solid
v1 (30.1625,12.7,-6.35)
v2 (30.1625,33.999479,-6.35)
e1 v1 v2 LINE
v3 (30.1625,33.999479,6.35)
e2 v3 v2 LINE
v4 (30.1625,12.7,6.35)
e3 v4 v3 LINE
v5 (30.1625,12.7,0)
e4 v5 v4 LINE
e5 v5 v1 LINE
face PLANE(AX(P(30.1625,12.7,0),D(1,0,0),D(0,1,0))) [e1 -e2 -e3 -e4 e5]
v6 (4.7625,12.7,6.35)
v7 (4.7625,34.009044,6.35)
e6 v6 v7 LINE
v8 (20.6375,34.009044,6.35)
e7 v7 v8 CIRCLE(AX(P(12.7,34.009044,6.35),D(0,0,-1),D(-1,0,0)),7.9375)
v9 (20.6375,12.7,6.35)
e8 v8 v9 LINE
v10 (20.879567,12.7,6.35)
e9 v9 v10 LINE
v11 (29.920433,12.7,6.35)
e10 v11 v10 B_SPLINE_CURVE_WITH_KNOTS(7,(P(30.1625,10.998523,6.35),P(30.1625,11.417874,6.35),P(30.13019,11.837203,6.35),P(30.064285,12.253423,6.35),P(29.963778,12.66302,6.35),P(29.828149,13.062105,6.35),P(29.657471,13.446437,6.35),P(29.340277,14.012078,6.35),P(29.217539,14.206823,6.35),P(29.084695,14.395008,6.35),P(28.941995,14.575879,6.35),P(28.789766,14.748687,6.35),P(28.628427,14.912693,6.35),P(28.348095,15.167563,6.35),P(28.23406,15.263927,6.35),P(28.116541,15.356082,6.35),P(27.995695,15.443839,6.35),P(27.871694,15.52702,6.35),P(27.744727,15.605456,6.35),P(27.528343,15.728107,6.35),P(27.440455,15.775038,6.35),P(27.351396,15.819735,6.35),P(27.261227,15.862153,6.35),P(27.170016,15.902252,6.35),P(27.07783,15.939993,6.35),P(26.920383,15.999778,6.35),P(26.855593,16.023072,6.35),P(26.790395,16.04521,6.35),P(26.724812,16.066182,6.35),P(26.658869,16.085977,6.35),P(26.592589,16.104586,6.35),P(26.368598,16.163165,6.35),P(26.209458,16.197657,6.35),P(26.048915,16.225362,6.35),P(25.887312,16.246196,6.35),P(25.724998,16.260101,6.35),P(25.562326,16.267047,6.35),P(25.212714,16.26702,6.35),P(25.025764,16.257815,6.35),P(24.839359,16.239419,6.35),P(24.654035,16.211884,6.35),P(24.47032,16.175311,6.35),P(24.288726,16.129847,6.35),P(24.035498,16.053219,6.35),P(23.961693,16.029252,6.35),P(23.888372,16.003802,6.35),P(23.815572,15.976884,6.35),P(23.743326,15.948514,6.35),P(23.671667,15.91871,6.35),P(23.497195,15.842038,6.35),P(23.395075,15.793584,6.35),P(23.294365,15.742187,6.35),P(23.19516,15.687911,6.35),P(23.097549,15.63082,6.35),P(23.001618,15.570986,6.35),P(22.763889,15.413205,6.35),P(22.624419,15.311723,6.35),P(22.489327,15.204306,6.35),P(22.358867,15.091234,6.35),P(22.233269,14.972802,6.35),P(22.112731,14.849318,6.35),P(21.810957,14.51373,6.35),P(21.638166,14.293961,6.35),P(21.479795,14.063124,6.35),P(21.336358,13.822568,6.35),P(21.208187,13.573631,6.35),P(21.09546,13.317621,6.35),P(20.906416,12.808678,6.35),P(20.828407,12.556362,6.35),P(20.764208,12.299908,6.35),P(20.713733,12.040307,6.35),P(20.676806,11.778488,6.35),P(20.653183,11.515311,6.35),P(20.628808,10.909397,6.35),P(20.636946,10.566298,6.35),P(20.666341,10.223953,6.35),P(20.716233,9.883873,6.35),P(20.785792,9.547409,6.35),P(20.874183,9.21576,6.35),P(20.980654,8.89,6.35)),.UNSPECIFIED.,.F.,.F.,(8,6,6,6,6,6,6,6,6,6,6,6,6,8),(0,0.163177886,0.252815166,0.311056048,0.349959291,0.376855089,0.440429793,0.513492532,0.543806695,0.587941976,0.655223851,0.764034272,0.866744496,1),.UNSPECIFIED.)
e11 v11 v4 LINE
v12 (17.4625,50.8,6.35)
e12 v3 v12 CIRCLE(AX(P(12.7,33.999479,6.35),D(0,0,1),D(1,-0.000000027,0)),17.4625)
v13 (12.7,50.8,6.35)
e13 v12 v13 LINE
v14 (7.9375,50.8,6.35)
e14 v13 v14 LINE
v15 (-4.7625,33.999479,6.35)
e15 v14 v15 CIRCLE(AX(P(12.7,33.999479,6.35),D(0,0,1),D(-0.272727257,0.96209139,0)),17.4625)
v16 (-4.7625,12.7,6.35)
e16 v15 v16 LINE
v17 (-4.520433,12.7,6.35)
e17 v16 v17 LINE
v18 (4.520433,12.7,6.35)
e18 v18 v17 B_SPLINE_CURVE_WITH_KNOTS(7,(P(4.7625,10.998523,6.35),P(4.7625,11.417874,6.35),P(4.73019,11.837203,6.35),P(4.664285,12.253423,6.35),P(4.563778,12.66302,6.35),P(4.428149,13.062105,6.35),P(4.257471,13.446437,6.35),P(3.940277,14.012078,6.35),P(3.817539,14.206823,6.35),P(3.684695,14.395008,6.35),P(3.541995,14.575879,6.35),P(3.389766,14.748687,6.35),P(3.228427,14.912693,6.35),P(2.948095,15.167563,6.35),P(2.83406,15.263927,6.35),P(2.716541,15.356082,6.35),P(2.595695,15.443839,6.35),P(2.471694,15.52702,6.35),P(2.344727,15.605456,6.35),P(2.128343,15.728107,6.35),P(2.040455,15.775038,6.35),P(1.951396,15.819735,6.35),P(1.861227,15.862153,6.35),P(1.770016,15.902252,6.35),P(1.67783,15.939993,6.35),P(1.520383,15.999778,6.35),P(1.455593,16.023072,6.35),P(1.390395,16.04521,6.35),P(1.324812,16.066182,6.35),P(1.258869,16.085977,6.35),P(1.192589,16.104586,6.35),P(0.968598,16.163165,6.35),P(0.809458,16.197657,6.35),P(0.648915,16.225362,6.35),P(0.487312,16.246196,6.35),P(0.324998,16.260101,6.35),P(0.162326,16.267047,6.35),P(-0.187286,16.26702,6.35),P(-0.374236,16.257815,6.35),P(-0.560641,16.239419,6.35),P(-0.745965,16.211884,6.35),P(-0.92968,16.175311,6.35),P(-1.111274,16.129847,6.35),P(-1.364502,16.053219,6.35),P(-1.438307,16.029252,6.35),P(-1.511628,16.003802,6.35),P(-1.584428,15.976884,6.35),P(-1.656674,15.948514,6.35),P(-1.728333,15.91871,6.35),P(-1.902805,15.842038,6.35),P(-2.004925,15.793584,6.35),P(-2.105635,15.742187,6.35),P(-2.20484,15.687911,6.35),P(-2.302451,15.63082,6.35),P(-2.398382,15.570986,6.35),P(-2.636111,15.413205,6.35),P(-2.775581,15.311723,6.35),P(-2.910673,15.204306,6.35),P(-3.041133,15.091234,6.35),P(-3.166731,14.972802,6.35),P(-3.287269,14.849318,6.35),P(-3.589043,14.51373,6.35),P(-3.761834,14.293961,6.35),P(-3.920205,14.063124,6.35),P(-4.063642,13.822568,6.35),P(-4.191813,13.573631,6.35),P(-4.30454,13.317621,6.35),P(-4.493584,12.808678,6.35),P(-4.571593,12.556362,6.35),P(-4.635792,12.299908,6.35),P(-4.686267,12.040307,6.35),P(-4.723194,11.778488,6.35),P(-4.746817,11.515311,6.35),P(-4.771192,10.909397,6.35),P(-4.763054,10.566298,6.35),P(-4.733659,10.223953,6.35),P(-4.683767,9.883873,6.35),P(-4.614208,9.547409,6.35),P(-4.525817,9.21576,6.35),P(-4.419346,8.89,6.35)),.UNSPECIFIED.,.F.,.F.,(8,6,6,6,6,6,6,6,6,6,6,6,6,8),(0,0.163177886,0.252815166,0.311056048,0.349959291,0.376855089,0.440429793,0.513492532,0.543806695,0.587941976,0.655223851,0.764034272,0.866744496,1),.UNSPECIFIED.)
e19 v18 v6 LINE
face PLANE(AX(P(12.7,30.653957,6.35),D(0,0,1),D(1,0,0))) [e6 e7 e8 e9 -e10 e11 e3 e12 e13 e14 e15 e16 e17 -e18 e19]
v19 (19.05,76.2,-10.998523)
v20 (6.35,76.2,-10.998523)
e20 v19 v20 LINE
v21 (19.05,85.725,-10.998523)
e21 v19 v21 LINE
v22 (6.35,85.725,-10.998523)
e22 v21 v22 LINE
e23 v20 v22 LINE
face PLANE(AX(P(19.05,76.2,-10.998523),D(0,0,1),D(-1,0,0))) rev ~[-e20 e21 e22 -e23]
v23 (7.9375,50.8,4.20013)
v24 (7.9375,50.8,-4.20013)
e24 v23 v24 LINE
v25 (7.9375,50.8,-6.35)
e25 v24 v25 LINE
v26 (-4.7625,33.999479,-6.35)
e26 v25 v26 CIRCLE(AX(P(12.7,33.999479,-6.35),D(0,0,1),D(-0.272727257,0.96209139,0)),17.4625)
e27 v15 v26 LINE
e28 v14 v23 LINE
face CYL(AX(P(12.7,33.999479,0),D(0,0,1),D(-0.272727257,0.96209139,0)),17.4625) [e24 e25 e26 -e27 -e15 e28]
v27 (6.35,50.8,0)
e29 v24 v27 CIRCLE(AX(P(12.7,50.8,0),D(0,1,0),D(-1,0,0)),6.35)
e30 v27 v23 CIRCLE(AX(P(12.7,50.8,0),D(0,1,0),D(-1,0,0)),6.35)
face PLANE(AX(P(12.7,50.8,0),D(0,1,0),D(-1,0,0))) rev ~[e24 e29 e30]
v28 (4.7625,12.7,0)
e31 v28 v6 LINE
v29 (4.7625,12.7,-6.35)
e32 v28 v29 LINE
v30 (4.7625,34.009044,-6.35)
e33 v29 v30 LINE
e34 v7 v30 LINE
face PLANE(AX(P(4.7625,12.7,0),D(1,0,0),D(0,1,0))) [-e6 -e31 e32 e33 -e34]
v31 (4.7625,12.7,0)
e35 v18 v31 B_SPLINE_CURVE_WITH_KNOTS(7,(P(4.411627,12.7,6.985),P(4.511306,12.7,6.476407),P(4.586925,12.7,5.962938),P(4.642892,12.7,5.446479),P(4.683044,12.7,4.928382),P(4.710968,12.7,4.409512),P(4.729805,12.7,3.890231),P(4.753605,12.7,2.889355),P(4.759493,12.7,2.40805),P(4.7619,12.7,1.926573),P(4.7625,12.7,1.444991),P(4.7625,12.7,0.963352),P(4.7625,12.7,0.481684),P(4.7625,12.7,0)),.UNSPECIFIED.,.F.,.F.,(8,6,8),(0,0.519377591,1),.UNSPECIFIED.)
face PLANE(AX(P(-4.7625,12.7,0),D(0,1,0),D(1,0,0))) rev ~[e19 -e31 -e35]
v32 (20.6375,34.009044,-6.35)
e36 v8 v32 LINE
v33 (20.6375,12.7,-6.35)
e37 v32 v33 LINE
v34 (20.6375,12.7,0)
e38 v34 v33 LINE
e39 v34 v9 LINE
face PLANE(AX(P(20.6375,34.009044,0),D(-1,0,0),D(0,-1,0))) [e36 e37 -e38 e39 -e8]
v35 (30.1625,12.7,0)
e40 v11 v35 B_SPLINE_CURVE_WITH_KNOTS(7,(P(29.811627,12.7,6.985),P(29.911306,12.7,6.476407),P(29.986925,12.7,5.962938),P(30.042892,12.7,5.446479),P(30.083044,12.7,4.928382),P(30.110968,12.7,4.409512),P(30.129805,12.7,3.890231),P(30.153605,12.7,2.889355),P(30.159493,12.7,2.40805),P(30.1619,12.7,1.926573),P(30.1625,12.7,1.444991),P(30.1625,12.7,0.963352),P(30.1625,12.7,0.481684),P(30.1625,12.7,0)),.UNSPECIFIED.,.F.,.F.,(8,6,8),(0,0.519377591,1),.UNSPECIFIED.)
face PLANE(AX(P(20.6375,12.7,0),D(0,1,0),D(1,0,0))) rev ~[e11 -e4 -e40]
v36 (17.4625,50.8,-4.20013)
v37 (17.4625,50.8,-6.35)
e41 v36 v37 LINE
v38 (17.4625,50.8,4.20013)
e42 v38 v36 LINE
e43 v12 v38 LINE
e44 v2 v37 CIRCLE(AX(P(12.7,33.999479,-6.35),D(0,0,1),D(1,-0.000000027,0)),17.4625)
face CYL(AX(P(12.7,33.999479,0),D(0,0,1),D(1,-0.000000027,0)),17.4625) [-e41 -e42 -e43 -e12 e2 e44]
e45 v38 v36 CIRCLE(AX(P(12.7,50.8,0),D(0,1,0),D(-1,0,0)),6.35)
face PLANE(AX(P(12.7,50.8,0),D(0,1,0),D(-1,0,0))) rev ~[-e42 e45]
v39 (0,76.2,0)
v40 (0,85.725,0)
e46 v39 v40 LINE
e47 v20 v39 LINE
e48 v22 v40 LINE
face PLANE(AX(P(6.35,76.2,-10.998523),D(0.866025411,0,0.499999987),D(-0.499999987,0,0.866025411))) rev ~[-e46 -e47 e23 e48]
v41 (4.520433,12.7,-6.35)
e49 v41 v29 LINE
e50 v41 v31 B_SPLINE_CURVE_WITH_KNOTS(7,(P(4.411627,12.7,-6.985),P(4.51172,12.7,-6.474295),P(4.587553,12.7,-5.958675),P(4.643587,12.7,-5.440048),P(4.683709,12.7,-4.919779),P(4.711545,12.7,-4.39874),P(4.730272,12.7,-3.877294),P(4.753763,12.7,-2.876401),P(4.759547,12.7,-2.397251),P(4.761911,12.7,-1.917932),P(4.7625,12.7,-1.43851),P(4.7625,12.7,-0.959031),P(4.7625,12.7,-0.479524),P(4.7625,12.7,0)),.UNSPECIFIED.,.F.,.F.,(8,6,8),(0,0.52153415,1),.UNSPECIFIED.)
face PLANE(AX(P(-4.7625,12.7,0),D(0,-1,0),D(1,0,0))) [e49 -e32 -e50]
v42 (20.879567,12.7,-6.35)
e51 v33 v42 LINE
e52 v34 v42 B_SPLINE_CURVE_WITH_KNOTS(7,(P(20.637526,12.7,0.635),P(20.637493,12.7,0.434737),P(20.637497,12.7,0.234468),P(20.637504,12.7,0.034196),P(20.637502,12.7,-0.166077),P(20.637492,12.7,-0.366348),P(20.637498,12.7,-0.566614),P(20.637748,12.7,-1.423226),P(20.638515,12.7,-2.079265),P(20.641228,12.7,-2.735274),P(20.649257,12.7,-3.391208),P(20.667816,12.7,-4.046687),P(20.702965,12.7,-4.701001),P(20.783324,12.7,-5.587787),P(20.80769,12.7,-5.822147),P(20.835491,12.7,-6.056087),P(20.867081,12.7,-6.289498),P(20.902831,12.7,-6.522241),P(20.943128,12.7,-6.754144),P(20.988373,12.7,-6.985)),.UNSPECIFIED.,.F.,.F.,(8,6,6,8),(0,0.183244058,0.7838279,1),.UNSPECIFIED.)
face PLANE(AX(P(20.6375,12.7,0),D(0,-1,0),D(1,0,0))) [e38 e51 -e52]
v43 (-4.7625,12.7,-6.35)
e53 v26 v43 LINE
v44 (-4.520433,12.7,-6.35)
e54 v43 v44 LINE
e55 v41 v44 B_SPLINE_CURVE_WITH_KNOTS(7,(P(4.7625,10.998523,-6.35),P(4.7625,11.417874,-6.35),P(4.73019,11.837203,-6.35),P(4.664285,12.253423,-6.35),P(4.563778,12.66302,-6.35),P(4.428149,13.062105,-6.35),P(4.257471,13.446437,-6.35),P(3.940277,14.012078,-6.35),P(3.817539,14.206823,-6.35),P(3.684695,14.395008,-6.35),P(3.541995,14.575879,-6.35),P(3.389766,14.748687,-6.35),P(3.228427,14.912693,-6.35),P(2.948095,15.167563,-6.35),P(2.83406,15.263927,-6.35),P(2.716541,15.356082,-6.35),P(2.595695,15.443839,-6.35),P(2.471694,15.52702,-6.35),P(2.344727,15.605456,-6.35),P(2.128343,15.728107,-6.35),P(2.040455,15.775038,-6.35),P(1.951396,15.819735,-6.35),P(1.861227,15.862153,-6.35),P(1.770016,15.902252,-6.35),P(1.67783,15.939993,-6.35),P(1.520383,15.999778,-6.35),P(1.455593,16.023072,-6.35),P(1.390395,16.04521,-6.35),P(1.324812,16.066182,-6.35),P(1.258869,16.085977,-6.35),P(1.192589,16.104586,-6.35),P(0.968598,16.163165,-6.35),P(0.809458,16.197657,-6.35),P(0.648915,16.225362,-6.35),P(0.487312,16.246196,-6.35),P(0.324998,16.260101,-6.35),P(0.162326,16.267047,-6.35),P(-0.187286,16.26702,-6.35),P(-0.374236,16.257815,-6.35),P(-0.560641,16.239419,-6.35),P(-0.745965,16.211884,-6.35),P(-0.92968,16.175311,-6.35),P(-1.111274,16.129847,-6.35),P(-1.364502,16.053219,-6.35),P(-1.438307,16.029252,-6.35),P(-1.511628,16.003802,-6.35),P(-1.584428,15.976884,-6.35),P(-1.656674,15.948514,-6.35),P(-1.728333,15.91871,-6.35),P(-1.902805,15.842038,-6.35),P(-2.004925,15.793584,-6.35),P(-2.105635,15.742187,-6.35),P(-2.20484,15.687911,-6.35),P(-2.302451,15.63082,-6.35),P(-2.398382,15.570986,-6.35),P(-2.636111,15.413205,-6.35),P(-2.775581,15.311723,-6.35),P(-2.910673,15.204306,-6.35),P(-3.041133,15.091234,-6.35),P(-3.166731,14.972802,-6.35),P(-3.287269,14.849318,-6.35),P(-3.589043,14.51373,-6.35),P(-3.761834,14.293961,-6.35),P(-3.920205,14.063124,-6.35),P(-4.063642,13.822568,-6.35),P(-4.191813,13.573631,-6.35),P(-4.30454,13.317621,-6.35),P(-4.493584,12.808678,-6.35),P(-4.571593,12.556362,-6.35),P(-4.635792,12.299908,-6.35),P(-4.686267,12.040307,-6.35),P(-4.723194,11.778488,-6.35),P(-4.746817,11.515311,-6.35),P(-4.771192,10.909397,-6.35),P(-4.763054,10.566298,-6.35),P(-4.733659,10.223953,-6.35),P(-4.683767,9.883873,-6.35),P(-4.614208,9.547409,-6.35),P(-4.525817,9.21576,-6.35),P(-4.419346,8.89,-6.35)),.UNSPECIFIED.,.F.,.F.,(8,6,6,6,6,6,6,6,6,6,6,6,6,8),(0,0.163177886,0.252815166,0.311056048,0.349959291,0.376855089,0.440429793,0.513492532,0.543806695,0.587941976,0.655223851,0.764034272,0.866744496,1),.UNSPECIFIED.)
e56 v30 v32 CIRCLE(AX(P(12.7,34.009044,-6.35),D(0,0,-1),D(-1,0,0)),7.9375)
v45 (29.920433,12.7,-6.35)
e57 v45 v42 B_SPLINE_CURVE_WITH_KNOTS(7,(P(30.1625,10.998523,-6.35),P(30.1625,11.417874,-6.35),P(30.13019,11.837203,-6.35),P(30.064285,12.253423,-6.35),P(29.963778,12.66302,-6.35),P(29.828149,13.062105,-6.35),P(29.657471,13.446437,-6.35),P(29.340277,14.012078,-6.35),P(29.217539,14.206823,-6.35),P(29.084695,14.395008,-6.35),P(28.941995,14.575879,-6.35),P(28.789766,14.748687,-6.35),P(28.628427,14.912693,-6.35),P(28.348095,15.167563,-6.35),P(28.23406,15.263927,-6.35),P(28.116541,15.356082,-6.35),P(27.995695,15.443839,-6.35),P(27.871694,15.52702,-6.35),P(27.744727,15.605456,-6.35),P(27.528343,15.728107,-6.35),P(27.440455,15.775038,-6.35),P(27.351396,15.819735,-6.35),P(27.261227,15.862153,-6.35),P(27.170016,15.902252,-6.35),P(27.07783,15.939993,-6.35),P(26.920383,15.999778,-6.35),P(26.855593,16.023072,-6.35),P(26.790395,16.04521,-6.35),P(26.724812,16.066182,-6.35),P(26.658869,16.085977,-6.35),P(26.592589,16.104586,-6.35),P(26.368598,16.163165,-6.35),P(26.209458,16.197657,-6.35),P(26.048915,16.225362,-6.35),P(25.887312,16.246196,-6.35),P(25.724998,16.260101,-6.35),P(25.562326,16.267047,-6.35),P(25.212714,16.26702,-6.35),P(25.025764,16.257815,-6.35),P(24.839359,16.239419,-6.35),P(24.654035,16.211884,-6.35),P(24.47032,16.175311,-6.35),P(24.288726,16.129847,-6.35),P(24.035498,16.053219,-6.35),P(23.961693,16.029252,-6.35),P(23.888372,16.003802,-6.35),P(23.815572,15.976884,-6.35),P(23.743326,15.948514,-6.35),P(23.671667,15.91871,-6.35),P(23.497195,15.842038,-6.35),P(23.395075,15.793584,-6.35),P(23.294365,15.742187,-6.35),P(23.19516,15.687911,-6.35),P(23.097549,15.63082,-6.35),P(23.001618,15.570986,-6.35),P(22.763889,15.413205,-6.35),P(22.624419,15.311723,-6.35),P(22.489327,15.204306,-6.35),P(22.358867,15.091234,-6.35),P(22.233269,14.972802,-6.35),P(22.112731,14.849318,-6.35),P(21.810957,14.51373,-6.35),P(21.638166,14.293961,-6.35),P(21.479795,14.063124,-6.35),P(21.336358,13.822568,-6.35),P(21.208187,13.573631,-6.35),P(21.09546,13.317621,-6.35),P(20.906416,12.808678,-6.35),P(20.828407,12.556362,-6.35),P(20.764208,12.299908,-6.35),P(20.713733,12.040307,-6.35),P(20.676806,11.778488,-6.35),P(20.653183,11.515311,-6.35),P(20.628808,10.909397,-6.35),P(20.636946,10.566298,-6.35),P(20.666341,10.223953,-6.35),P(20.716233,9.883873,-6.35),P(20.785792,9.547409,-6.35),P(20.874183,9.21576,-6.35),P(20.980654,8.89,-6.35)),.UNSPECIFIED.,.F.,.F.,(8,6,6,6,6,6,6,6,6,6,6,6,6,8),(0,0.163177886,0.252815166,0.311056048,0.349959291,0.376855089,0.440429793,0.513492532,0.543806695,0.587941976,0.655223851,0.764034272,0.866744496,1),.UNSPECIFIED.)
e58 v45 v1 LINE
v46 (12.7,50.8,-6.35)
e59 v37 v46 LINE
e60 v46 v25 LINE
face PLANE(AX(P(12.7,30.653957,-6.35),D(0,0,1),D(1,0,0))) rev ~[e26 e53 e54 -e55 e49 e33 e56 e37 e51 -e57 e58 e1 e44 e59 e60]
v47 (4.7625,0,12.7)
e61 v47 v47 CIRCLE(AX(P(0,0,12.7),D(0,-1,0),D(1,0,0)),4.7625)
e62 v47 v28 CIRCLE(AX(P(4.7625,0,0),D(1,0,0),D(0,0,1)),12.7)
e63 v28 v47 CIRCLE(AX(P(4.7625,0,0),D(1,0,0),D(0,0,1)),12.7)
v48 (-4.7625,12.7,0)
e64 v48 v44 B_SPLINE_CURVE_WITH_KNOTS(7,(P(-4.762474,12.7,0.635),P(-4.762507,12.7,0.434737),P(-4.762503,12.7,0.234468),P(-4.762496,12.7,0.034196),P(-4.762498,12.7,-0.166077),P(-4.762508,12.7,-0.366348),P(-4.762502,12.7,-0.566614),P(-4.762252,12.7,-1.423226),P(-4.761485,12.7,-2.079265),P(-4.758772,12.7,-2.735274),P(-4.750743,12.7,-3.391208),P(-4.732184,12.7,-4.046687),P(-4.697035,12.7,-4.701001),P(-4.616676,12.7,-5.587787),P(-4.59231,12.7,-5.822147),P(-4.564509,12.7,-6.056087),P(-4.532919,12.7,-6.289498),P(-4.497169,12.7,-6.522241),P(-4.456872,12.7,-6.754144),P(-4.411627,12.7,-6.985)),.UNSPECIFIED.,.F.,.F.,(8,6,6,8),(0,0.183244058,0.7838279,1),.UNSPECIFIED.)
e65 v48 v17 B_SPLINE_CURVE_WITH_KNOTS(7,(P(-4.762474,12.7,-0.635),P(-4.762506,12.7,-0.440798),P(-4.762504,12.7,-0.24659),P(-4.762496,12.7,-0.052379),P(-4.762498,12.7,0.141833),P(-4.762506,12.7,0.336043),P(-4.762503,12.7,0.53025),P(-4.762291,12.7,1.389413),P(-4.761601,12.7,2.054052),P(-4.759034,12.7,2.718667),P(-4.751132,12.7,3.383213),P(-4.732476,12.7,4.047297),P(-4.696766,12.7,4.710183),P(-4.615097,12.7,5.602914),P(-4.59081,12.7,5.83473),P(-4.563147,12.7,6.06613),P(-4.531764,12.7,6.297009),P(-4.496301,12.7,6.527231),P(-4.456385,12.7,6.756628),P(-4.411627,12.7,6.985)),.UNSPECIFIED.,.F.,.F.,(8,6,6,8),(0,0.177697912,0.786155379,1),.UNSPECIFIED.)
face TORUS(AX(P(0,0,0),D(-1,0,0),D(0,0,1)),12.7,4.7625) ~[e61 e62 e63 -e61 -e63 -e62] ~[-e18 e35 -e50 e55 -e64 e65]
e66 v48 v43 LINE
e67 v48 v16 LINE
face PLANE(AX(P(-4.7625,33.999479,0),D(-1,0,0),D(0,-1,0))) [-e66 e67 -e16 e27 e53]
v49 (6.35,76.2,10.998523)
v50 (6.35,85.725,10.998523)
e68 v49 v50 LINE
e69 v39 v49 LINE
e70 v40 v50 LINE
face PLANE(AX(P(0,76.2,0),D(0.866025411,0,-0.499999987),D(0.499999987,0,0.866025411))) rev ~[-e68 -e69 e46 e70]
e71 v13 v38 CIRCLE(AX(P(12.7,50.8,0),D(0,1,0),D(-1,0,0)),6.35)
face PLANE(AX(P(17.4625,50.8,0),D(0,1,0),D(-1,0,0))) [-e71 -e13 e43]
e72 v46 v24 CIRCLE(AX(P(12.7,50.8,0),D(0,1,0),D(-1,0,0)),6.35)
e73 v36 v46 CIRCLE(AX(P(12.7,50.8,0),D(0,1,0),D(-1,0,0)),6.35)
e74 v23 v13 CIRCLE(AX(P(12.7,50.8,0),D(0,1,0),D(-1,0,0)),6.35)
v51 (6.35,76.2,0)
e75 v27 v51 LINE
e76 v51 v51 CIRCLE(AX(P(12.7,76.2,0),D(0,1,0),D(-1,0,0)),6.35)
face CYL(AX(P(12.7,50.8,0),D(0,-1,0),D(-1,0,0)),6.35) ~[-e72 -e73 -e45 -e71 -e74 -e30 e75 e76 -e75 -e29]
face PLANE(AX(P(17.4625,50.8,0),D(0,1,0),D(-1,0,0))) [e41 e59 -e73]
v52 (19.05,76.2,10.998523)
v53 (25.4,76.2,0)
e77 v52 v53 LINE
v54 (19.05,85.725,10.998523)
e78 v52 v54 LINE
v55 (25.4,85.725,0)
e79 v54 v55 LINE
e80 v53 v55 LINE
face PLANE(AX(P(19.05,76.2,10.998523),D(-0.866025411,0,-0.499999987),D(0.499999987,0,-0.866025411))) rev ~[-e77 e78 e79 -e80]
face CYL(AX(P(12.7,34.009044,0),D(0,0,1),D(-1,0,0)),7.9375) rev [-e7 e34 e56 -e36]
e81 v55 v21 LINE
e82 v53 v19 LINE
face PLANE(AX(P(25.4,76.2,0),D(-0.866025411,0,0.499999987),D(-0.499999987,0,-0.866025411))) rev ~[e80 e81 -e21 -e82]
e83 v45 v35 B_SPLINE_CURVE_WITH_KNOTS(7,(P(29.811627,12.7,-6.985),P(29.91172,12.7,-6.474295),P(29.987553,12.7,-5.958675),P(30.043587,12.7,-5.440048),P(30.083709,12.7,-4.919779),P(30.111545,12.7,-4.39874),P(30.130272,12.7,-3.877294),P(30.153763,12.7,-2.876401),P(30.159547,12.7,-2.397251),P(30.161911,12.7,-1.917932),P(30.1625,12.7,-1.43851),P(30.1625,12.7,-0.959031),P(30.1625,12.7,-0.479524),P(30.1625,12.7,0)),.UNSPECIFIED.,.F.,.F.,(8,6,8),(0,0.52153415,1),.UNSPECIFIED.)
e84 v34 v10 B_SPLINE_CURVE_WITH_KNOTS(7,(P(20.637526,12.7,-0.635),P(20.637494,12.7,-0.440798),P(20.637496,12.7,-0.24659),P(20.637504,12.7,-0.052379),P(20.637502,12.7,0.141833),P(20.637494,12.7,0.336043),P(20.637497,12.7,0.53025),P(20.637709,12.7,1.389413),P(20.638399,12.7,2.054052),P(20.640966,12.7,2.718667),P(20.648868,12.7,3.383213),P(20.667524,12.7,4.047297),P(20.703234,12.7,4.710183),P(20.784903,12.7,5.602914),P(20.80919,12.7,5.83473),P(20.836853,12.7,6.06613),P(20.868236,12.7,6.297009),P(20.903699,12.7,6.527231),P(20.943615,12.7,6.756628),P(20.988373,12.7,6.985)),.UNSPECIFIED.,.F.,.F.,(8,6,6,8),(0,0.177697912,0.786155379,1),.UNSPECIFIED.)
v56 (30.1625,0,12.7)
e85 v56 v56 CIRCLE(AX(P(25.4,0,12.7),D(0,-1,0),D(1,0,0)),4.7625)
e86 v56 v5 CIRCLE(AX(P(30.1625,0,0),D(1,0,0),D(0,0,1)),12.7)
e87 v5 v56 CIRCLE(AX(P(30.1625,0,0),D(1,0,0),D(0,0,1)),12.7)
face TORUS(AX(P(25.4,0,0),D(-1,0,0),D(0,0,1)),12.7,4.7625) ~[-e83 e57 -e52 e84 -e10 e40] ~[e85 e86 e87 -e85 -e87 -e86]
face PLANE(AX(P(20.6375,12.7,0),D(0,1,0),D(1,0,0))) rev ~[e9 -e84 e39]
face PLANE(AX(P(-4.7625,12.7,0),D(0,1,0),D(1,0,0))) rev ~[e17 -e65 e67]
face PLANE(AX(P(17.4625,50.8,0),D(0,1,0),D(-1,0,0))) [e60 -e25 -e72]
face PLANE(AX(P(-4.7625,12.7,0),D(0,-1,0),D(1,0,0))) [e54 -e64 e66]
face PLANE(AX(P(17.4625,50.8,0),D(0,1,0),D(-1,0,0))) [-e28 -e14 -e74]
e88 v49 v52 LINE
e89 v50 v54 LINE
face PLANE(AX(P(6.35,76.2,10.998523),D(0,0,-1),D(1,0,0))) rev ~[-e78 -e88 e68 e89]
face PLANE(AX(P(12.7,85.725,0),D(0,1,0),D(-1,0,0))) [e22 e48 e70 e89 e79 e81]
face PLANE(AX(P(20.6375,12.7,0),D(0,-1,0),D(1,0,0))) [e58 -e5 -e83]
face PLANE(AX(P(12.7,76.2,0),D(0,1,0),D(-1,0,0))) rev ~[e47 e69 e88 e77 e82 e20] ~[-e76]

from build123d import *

# Parameters (mm, degrees)
F0_R          = 4.7625
F3_DEPTH      = 6.35
F3_DEPTH_BACK = 6.35
F4_R          = 6.35
F5_DEPTH      = 25.4
F7_DEPTH      = 9.525


with BuildPart() as f1:
    # F0 (on Front) → F1 (revolve)
    with BuildSketch(Plane.XZ):
        with Locations((0, 12.7)):
            Circle(F0_R)
        with Locations((25.4, 12.7)):
            Circle(F0_R)
    revolve(axis=Axis((12.7, 0, 0), (1, 0, 0)))

    # F2 (on Top) → F3 (join, two sides)
    with BuildSketch(Plane.XY) as f3_sk:
        with BuildLine():
            Line((-4.7625, 33.999479), (-4.7625, 12.7))
            Line((-4.7625, 12.7), (4.7625, 12.7))
            Line((4.7625, 12.7), (4.7625, 34.009044))
            ThreePointArc((4.7625, 34.009044), (12.7, 41.946544), (20.6375, 34.009044))
            Line((20.6375, 34.009044), (20.6375, 12.7))
            Line((20.6375, 12.7), (30.1625, 12.7))
            Line((30.1625, 12.7), (30.1625, 33.999479))
            ThreePointArc((30.1625, 33.999479), (26.630256, 44.529763), (17.4625, 50.8))
            Line((17.4625, 50.8), (7.9375, 50.8))
            ThreePointArc((7.9375, 50.8), (-1.230256, 44.529763), (-4.7625, 33.999479))
        make_face()
    extrude(amount=F3_DEPTH)
    extrude(f3_sk.sketch, amount=-F3_DEPTH_BACK)

    # F4 (on face) → F5 (join)
    with BuildSketch(Plane(origin=(0, 50.8, 0), x_dir=(-1, 0, 0), z_dir=(0, 1, 0))):
        with Locations((-12.7, 0)):
            Circle(F4_R)
    extrude(amount=F5_DEPTH)

    # F6 (on face) → F7 (join)
    with BuildSketch(Plane(origin=(0, 76.2, 0), x_dir=(-1, 0, 0), z_dir=(0, 1, 0))):
        Polygon((-6.35, 10.998523), (-19.05, 10.998523), (-25.4, 0), (-19.05, -10.998523), (-6.35, -10.998523), (0, 0), align=None)
    extrude(amount=F7_DEPTH)


solid = f1.part
